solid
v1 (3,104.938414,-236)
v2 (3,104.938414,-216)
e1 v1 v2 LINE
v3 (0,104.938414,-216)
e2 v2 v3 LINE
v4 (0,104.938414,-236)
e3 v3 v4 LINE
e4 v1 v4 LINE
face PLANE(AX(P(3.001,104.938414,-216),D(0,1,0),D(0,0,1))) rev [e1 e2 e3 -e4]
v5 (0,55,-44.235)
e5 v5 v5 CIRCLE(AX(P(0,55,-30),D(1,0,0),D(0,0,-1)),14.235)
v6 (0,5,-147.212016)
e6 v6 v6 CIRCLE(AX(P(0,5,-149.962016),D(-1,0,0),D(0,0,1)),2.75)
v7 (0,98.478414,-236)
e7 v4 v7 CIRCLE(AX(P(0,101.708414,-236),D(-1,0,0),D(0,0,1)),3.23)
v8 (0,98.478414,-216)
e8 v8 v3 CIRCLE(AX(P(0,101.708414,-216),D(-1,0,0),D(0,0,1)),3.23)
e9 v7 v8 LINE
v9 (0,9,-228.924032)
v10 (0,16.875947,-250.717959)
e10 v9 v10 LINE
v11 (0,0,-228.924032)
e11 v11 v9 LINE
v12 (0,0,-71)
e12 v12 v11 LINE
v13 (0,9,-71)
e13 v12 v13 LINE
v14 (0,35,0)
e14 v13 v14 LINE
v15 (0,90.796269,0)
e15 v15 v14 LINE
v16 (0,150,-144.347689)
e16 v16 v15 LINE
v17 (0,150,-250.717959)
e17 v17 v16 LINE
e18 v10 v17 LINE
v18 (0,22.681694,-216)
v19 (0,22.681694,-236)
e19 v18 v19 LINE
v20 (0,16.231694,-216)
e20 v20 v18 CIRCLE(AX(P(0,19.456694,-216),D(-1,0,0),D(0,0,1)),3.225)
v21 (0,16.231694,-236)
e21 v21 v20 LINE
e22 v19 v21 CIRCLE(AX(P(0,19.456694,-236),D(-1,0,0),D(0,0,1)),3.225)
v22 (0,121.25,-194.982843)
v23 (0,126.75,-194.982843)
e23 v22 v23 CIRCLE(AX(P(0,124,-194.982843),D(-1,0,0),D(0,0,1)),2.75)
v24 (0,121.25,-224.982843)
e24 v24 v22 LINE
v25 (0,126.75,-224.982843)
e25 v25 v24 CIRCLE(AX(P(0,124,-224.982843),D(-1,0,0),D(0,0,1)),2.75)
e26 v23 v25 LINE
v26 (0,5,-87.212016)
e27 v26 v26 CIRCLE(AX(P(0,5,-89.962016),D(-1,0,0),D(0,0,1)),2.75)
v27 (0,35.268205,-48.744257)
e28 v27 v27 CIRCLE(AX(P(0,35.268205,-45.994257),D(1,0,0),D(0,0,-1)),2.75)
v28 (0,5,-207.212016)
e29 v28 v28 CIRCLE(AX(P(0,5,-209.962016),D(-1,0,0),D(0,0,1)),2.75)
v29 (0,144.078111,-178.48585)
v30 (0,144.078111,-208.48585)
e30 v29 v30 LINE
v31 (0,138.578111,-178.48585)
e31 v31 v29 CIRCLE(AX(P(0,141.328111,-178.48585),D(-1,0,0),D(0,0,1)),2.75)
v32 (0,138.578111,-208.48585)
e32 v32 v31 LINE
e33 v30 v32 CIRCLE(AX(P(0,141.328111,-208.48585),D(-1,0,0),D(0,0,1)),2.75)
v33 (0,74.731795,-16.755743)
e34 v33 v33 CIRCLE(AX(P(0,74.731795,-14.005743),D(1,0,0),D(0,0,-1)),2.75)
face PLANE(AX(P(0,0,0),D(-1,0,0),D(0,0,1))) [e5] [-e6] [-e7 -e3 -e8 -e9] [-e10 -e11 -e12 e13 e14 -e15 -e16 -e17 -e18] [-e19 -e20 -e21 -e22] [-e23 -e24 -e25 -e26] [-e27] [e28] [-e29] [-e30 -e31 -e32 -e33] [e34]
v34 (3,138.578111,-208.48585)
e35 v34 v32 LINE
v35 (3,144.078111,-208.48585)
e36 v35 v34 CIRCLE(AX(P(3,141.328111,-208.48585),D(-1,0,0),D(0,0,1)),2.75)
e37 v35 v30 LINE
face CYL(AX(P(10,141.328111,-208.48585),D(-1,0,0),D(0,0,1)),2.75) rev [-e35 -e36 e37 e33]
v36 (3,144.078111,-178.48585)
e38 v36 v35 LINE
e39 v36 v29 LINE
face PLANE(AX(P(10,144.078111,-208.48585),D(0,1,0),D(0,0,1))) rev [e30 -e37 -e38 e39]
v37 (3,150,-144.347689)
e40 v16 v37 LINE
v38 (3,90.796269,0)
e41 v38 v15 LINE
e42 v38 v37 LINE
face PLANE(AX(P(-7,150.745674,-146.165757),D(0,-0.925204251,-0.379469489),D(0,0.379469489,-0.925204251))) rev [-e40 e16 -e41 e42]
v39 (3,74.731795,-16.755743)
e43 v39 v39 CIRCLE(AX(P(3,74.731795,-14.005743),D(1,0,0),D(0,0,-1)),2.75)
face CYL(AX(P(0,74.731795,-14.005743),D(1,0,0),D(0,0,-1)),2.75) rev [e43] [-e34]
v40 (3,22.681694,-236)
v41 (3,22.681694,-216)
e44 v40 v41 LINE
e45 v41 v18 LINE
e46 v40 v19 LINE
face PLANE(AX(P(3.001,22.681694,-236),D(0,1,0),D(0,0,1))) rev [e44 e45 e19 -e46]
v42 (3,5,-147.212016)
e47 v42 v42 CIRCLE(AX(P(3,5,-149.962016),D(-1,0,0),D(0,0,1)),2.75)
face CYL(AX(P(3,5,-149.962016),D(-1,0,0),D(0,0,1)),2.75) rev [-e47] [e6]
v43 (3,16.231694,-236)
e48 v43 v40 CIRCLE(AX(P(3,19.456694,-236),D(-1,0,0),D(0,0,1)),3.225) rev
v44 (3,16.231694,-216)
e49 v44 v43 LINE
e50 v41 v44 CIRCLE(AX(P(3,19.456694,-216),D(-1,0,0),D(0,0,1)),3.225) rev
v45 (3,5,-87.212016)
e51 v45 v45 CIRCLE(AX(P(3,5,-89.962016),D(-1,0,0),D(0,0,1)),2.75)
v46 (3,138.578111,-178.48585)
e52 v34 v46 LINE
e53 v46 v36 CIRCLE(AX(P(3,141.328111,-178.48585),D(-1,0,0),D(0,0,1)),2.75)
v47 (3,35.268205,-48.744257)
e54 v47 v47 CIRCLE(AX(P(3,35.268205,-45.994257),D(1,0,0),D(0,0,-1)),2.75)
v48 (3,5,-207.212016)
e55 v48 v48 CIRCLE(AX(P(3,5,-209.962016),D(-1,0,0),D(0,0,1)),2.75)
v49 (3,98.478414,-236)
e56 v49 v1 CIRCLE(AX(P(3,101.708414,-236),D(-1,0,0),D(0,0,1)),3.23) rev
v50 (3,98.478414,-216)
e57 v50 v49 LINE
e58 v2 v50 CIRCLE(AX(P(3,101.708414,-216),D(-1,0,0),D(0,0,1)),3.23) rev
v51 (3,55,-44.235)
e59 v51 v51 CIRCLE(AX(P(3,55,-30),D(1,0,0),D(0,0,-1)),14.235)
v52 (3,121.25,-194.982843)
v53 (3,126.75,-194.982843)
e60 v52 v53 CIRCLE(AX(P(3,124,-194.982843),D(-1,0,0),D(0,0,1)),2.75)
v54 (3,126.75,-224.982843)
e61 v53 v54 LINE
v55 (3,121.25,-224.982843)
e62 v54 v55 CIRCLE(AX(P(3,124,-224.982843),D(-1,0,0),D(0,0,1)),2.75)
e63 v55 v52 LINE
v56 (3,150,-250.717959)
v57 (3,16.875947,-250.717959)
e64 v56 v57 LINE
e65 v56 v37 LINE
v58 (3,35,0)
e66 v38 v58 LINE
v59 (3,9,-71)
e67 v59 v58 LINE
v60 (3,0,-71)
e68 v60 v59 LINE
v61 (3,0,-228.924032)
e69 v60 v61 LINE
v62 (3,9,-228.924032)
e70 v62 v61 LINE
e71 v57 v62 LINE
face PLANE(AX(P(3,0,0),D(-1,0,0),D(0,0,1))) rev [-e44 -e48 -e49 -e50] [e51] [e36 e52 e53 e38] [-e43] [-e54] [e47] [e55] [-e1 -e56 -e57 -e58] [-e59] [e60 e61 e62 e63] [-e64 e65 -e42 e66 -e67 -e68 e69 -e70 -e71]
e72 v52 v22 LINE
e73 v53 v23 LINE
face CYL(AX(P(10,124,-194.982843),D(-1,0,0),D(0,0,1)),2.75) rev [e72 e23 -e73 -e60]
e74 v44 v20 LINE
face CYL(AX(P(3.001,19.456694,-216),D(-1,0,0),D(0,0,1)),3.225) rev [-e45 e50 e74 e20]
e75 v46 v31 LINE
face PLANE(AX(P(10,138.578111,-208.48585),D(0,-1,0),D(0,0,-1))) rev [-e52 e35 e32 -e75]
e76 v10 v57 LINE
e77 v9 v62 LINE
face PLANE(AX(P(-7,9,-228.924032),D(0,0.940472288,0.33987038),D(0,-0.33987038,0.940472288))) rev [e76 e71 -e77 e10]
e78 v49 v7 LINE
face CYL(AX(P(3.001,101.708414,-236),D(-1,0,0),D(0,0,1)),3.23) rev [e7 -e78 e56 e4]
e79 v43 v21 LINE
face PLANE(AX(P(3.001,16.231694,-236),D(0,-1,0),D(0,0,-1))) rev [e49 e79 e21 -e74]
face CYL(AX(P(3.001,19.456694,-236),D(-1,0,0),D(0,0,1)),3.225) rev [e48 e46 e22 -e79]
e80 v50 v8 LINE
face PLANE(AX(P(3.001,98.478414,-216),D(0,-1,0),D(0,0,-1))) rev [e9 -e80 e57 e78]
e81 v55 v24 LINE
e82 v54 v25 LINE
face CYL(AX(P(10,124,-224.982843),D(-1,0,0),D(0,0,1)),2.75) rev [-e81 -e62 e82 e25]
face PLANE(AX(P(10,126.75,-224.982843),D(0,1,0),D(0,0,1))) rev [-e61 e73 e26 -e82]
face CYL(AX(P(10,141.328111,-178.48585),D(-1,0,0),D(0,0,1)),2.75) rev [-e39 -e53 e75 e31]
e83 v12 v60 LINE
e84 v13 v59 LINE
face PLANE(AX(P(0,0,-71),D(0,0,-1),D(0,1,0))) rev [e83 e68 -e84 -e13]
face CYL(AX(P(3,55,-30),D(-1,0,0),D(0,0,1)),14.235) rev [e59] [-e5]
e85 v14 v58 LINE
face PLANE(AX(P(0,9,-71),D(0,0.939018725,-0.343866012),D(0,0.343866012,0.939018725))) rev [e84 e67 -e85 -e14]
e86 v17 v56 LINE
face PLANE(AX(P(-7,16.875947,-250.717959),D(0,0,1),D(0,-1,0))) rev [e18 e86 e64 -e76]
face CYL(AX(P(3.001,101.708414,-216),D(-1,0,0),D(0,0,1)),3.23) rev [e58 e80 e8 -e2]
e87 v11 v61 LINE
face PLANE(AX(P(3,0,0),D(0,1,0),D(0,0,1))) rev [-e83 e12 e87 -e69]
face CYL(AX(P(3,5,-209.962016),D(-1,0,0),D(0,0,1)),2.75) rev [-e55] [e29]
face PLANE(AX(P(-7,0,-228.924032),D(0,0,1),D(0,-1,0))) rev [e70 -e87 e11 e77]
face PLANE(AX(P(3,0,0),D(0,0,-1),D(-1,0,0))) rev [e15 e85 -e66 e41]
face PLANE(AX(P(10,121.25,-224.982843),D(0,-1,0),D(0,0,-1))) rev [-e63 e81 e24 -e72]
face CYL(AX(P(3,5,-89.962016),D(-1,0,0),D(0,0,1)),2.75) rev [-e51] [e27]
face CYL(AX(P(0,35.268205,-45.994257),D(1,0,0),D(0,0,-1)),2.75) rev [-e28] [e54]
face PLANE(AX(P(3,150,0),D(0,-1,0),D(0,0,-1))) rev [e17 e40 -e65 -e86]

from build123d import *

# Parameters (mm, degrees)
SKETCH1_W           = 300
SKETCH1_H           = 150
SKETCH1_R           = 14.235
BOSS_EXTRUDE1_DEPTH = 3
CUT_EXTRUDE1_REACH  = 5
SKETCH2_R           = 3.225
SKETCH3_R           = 2.75
CUT_EXTRUDE2_DEPTH  = 4
CUT_EXTRUDE3_DEPTH  = 4
CUT_EXTRUDE4_DEPTH  = 10
CUT_EXTRUDE5_DEPTH  = 10
SKETCH7_R           = 2.75
CUT_EXTRUDE6_DEPTH  = 4
CUT_EXTRUDE7_DEPTH  = 10


with BuildPart() as part:
    # Sketch1 → Boss-Extrude1 (new body)
    with BuildSketch(Plane(origin=(0, 0, 0), x_dir=(0, 0, -1), z_dir=(1, 0, 0))):
        with Locations((150, 75)):
            Rectangle(SKETCH1_W, SKETCH1_H)
        with Locations((30, 55)):
            Circle(SKETCH1_R, mode=Mode.SUBTRACT)
    extrude(amount=BOSS_EXTRUDE1_DEPTH)

    # Sketch2 → Cut-Extrude1 (cut, up to next)
    with BuildSketch(Plane.ZY, mode=Mode.PRIVATE) as cut_extrude1_sk1:
        with Locations((-10, 110)):
            Circle(SKETCH2_R)
    cut_extrude1_tool1 = extrude(cut_extrude1_sk1.sketch, amount=-CUT_EXTRUDE1_REACH, mode=Mode.PRIVATE) & part.part
    add(cut_extrude1_tool1.solids().sort_by_distance((0, 110, -10))[0], mode=Mode.SUBTRACT)
    # Sketch2 → Cut-Extrude1 (cut, up to next)
    with BuildSketch(Plane.ZY, mode=Mode.PRIVATE) as cut_extrude1_sk2:
        with BuildLine():
            Line((-216, 98.478413591), (-236, 98.478413591))
            ThreePointArc((-236, 98.478413591), (-239.23, 101.708413591), (-236, 104.938413591))
            Line((-236, 104.938413591), (-216, 104.938413591))
            ThreePointArc((-216, 104.938413591), (-212.77, 101.708413591), (-216, 98.478413591))
        make_face()
    cut_extrude1_tool2 = extrude(cut_extrude1_sk2.sketch, amount=-CUT_EXTRUDE1_REACH, mode=Mode.PRIVATE) & part.part
    add(cut_extrude1_tool2.solids().sort_by_distance((0, 101.708414, -226))[0], mode=Mode.SUBTRACT)
    # Sketch2 → Cut-Extrude1 (cut, up to next)
    with BuildSketch(Plane.ZY, mode=Mode.PRIVATE) as cut_extrude1_sk3:
        with BuildLine():
            Line((-236, 22.681694356), (-216, 22.681694356))
            ThreePointArc((-216, 22.681694356), (-212.775, 19.456694356), (-216, 16.231694356))
            Line((-216, 16.231694356), (-236, 16.231694356))
            ThreePointArc((-236, 16.231694356), (-239.225, 19.456694356), (-236, 22.681694356))
        make_face()
    cut_extrude1_tool3 = extrude(cut_extrude1_sk3.sketch, amount=-CUT_EXTRUDE1_REACH, mode=Mode.PRIVATE) & part.part
    add(cut_extrude1_tool3.solids().sort_by_distance((0, 19.456694, -226))[0], mode=Mode.SUBTRACT)

    # Sketch3 → Cut-Extrude2 (cut, through all)
    with BuildSketch(Plane(origin=(3, 0, 0), x_dir=(0, 0, -1), z_dir=(1, 0, 0))):
        with Locations((14.005743185, 74.73179538)):
            Circle(SKETCH3_R)
        with Locations((45.994256815, 35.26820462)):
            Circle(SKETCH3_R)
    extrude(amount=-CUT_EXTRUDE2_DEPTH, mode=Mode.SUBTRACT)

    # Sketch4 → Cut-Extrude3 (cut, through all)
    with BuildSketch(Plane(origin=(3, 0, 0), x_dir=(0, 0, -1), z_dir=(1, 0, 0))):
        Polygon((71, 9), (0, 35), (0, 0), (71, 0), align=None)
    extrude(amount=-CUT_EXTRUDE3_DEPTH, mode=Mode.SUBTRACT)

    # Sketch5 → Cut-Extrude4 (cut)
    with BuildSketch(Plane(origin=(3, 0, 0), x_dir=(0, 0, -1), z_dir=(1, 0, 0))):
        Polygon((228.92403237, 9), (250.717958721, 16.875947155), (250.717958721, 150), (312.660420977, 150), (312.660420977, -2.829604392), (228.92403237, 0), align=None)
    extrude(amount=-CUT_EXTRUDE4_DEPTH, mode=Mode.SUBTRACT)

    # Sketch6 → Cut-Extrude5 (cut)
    with BuildSketch(Plane(origin=(3, 0, 0), x_dir=(0, 0, -1), z_dir=(1, 0, 0))):
        Polygon((146.165756513, 150.745674322), (0, 90.796268719), (-32.55366639, 170.167051921), align=None)
    extrude(amount=-CUT_EXTRUDE5_DEPTH, mode=Mode.SUBTRACT)

    # Sketch7 → Cut-Extrude6 (cut, through all)
    with BuildSketch(Plane.ZY):
        with Locations((-209.962016185, 5)):
            Circle(SKETCH7_R)
        with Locations((-149.962016185, 5)):
            Circle(SKETCH7_R)
        with Locations((-89.962016185, 5)):
            Circle(SKETCH7_R)
    extrude(amount=-CUT_EXTRUDE6_DEPTH, mode=Mode.SUBTRACT)

    # Sketch8 → Cut-Extrude7 (cut)
    with BuildSketch(Plane.ZY):
        with BuildLine():
            Line((-208.485850147, 144.07811147), (-178.485850147, 144.07811147))
            ThreePointArc((-178.485850147, 144.07811147), (-175.735850147, 141.32811147), (-178.485850147, 138.57811147))
            Line((-178.485850147, 138.57811147), (-208.485850147, 138.57811147))
            ThreePointArc((-208.485850147, 138.57811147), (-211.235850147, 141.32811147), (-208.485850147, 144.07811147))
        make_face()
        with BuildLine():
            Line((-224.982842506, 126.75), (-194.982842506, 126.75))
            ThreePointArc((-194.982842506, 126.75), (-192.232842506, 124), (-194.982842506, 121.25))
            Line((-194.982842506, 121.25), (-224.982842506, 121.25))
            ThreePointArc((-224.982842506, 121.25), (-227.732842506, 124), (-224.982842506, 126.75))
        make_face()
    extrude(amount=-CUT_EXTRUDE7_DEPTH, mode=Mode.SUBTRACT)


solid = part.part
